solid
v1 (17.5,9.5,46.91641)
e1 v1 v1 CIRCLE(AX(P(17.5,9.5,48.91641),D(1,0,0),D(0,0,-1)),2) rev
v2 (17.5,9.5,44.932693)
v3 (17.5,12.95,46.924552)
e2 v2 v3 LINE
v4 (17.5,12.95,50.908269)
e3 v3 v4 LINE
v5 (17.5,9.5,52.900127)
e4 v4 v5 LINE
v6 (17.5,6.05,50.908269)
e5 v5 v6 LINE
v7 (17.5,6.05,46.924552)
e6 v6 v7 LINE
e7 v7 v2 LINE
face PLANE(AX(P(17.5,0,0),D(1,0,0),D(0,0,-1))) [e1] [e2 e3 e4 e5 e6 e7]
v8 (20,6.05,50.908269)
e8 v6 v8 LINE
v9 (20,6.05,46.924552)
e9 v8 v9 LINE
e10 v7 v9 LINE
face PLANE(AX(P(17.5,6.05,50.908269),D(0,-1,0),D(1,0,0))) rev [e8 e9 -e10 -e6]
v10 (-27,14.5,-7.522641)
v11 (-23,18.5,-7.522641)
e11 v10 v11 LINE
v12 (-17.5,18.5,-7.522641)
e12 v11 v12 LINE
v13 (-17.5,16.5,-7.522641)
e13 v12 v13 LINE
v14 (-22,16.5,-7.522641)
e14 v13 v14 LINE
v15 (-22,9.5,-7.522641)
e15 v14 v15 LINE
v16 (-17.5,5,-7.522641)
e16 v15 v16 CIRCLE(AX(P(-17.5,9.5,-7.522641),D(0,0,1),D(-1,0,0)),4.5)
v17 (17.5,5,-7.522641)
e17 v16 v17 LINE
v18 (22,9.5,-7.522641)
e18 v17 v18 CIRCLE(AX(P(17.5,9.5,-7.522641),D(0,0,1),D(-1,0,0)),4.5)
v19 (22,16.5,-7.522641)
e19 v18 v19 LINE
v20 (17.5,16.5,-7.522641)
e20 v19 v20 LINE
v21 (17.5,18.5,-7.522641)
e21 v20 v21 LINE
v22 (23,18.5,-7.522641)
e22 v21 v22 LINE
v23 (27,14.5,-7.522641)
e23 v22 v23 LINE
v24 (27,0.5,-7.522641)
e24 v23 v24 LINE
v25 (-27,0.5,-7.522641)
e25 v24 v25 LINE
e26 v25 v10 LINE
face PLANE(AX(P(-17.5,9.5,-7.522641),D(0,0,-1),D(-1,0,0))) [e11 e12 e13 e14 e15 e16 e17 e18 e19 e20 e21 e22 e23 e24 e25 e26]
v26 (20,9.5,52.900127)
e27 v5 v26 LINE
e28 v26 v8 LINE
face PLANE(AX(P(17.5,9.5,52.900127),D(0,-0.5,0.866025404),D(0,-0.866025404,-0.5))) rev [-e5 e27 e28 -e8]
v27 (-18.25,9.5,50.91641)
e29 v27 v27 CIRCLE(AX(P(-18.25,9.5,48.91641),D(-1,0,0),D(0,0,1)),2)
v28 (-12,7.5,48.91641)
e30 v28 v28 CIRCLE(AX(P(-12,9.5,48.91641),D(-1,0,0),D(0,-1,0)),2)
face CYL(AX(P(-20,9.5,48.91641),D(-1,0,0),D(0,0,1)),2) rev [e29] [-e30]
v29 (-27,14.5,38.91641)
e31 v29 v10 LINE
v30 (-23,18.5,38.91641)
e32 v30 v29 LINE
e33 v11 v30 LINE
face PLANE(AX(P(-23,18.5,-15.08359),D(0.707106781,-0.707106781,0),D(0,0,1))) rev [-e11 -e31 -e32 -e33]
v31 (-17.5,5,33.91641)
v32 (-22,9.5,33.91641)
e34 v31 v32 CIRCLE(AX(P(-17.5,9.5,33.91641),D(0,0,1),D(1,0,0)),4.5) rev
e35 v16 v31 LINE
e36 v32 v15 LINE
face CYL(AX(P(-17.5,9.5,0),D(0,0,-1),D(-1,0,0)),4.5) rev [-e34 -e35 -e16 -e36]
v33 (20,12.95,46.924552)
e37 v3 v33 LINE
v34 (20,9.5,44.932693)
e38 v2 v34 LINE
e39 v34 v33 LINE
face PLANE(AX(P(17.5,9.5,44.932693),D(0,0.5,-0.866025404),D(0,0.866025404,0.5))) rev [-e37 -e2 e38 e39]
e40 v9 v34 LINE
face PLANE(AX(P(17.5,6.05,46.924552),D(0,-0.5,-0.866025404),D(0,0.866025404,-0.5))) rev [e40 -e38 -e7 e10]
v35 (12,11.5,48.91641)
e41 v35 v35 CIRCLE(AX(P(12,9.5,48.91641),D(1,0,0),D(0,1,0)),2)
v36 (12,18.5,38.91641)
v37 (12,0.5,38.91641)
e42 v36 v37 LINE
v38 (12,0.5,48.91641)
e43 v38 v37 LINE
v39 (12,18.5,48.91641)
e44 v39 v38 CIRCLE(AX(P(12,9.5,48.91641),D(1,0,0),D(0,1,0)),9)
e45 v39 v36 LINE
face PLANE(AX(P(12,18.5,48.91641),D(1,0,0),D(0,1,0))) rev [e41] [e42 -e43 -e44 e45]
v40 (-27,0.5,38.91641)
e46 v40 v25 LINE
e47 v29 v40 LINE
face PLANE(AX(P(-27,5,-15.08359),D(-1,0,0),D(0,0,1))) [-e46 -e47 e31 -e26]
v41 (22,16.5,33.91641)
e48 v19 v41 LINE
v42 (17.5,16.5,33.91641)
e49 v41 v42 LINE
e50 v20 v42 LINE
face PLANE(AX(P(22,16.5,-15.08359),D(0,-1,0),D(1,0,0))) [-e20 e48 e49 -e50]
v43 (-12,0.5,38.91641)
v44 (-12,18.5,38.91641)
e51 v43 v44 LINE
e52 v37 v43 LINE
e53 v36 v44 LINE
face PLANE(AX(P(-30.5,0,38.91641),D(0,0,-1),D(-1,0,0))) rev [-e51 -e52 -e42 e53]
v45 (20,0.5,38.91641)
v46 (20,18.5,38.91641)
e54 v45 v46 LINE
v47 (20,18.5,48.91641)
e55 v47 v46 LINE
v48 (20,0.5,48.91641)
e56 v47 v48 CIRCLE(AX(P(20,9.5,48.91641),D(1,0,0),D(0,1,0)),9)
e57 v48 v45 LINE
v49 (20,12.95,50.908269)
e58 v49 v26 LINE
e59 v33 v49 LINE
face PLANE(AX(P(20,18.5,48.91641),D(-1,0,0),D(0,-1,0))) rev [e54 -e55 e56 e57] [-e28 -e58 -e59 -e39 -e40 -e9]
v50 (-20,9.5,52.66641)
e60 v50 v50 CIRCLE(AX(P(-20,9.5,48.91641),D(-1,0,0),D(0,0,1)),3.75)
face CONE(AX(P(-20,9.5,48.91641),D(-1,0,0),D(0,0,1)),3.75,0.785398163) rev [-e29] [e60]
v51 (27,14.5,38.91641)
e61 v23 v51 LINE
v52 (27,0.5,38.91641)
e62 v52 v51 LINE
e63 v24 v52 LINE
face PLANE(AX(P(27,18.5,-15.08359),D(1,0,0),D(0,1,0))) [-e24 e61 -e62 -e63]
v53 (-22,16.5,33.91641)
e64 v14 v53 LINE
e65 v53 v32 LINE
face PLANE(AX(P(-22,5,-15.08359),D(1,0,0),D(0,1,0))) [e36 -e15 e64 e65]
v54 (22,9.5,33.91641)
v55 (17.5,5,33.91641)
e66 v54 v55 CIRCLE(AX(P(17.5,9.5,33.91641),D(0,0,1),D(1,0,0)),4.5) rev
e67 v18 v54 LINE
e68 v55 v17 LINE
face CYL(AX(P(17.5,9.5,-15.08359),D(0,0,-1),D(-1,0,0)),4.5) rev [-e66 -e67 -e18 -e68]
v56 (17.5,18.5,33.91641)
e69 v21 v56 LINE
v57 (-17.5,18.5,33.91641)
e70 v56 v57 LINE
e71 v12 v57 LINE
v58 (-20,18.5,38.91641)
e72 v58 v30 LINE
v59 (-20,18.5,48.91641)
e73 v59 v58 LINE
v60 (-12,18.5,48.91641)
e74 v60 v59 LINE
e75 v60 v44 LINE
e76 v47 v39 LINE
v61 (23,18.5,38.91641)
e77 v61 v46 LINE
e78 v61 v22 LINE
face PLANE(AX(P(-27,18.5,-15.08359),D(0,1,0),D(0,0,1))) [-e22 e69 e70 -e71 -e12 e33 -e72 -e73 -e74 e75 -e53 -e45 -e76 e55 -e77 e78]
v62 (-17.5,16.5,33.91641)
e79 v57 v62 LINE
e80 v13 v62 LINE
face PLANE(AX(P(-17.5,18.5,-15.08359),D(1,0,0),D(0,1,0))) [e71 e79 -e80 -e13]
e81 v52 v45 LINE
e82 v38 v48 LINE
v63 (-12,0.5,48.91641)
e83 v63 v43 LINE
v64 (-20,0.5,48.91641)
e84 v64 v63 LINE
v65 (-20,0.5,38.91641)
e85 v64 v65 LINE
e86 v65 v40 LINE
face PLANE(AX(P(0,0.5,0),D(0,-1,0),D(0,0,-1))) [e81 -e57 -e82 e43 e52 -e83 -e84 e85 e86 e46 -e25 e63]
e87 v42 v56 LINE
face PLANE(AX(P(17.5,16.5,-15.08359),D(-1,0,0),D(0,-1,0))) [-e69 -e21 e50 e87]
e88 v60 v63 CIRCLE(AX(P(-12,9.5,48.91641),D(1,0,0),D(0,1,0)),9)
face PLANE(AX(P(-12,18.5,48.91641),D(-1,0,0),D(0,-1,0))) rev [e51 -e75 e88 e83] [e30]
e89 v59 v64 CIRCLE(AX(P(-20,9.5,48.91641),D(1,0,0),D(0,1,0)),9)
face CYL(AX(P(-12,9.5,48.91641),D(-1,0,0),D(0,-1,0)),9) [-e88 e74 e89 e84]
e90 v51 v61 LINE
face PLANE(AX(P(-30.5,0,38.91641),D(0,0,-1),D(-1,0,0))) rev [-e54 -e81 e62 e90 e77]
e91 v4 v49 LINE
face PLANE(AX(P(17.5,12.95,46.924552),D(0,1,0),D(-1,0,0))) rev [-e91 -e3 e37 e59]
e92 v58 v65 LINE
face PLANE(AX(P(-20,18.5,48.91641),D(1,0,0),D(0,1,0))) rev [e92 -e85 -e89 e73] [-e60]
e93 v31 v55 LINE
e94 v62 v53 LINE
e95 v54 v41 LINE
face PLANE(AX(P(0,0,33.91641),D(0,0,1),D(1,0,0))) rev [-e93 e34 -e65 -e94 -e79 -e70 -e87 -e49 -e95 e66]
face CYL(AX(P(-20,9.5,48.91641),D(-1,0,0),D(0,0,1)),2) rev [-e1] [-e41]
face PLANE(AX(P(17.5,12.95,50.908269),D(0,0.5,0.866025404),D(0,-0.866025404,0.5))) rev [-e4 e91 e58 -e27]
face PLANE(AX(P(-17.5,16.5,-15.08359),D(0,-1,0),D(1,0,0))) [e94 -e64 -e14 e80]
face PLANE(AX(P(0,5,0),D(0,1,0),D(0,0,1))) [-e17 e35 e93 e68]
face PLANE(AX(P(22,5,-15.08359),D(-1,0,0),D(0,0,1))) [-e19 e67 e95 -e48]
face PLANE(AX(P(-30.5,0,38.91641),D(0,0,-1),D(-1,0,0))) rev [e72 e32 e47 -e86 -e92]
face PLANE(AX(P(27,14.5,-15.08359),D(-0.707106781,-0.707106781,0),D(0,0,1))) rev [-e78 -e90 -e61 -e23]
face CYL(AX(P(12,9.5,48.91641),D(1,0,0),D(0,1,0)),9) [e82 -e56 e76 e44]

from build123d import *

# Parameters (mm, degrees)
SKETCH1_W                     = 56
SKETCH1_H                     = 45
BOSS_EXTRUDE1_DEPTH           = 5
BOSS_EXTRUDE2_DEPTH           = 5
SKETCH3_W                     = 56
SKETCH3_H                     = 8.40027106
CUT_EXTRUDE1_DEPTH            = 0.5
BOSS_EXTRUDE3_DEPTH           = 3.5
SKETCH5_W                     = 5
SKETCH5_H                     = 3.247037966
CUT_EXTRUDE2_DEPTH            = 3.5
BOSS_EXTRUDE4_DEPTH           = 16.416410101
BOSS_EXTRUDE5_DEPTH           = 54
CHAMFER1_SIZE                 = 4
CSK_FOR_M4_SFHCS1_D           = 4
CSK_FOR_M4_SFHCS1_DEPTH       = 5
CSK_FOR_M4_SFHCS1_CSINK_D     = 7.6
CSK_FOR_M4_SFHCS1_CSINK_ANGLE = 90
CUT_EXTRUDE3_DEPTH            = 80.660134165
CUT_EXTRUDE3_DEPTH_BACK       = 80.660134165
SKETCH11_W                    = 8
SKETCH11_H                    = 16.218738619
FILLET1_R                     = 4.5
CUT_EXTRUDE4_START            = 18
CUT_EXTRUDE4_DEPTH            = 18
BOSS_EXTRUDE6_DEPTH           = 18
BOSS_EXTRUDE7_START           = -90
BOSS_EXTRUDE7_DEPTH           = 18
SKETCH16_W                    = 118.653956423
SKETCH16_H                    = 92.574487852
CUT_EXTRUDE5_DEPTH            = 39
SKETCH17_W                    = 131.858911514
SKETCH17_H                    = 83.404733186
CUT_EXTRUDE6_DEPTH            = 86
SKETCH18_W                    = 99.193977615
SKETCH18_H                    = 87.816890576
CUT_EXTRUDE7_DEPTH            = 109
SKETCH19_W                    = 81.935577426
SKETCH19_H                    = 38.938723706
CUT_EXTRUDE8_DEPTH            = 24.977359313
BOSS_EXTRUDE8_START           = 10
BOSS_EXTRUDE8_DEPTH           = 10
BOSS_EXTRUDE9_DEPTH           = 5
SKETCH22_W                    = 8
SKETCH22_H                    = 18
BOSS_EXTRUDE10_DEPTH          = 10
BOSS_EXTRUDE11_START          = -8
BOSS_EXTRUDE11_DEPTH          = 8
BOSS_EXTRUDE12_START          = -40
BOSS_EXTRUDE12_DEPTH          = 8
CSK_FOR_M4_SFHCS2_D           = 4
CSK_FOR_M4_SFHCS2_DEPTH       = 40
CSK_FOR_M4_SFHCS2_CSINK_D     = 7.5
CSK_FOR_M4_SFHCS2_CSINK_ANGLE = 90
CSK_FOR_M4_SFHCS2_TIP         = 1.201721238
CUT_EXTRUDE9_DEPTH            = 2.5


with BuildPart() as part:
    # Sketch1 → Boss-Extrude1 (new body)
    with BuildSketch(Plane(origin=(0, 0, 0), x_dir=(1, 0, 0), z_dir=(0, 1, 0))):
        Rectangle(SKETCH1_W, SKETCH1_H)
    extrude(amount=BOSS_EXTRUDE1_DEPTH)

    # Sketch2 → Boss-Extrude2 (add)
    with BuildSketch(Plane.XZ):
        Polygon((-45, -6.940200144), (-24, 6.697359313), (24, 6.697359313), (45, -6.940200144), (45, 3.059799856), (28, 14.09972894), (-28, 14.09972894), (-45, 3.059799856), align=None)
    extrude(amount=BOSS_EXTRUDE2_DEPTH)

    # Sketch3 → Cut-Extrude1 (cut)
    with BuildSketch(Plane.XZ):
        with Locations((0, 18.29986447)):
            Rectangle(SKETCH3_W, SKETCH3_H)
    extrude(amount=-CUT_EXTRUDE1_DEPTH, mode=Mode.SUBTRACT)

    # Sketch4 → Boss-Extrude3 (add)
    with BuildSketch(Plane(origin=(0, 0, 0), x_dir=(1, 0, 0), z_dir=(0, 1, 0))):
        Polygon((28, -40.539929084), (28, 22.5), (45, 22.5), (45, -29.5), align=None)
        Polygon((-28, -4.09972894), (-28, 22.5), (-45, 22.5), (-45, 6.940200144), align=None)
        Polygon((-28, -40.539929084), (-28, -14.09972894), (-45, -3.059799856), (-45, -29.5), align=None)
        Polygon((-45, -3.059799856), (-28, -14.09972894), (-28, -4.09972894), (-45, 6.940200144), align=None)
    extrude(amount=BOSS_EXTRUDE3_DEPTH)

    # Sketch5 → Cut-Extrude2 (cut)
    with BuildSketch(Plane(origin=(0, 3.5, 0), x_dir=(1, 0, 0), z_dir=(0, 1, 0))):
        with Locations((-28, -40.539929084)):
            Rectangle(SKETCH5_W, SKETCH5_H)
        with Locations((28, -40.539929084)):
            Rectangle(SKETCH5_W, SKETCH5_H)
    extrude(amount=-CUT_EXTRUDE2_DEPTH, mode=Mode.SUBTRACT)

    # Sketch6 → Boss-Extrude4 (add)
    with BuildSketch(Plane.XY.offset(22.5)):
        Polygon((-28, 0.5), (28, 0.5), (28, 3.5), (28, 5), (-28, 5), (-28, 3.5), align=None)
    extrude(amount=BOSS_EXTRUDE4_DEPTH)

    # Sketch8 → Boss-Extrude5 (add)
    with BuildSketch(Plane.XY.offset(38.916410101)):
        Polygon((-22, 5), (-22, 16.5), (-17.5, 16.5), (-17.5, 18.5), (-27, 18.5), (-27, 16.5), (-27, 5), align=None)
        Polygon((27, 5), (27, 16.5), (27, 18.5), (17.5, 18.5), (17.5, 16.5), (22, 16.5), (22, 5), align=None)
    extrude(amount=-BOSS_EXTRUDE5_DEPTH)

    # Chamfer1
    chamfer1_edges = [part.edges().sort_by_distance(p)[0] for p in [
        (-27, 18.5, 11.916410101),
        (27, 18.5, 11.916410101),
    ]]
    chamfer(chamfer1_edges, length=CHAMFER1_SIZE)

    # CSK for M4 SFHCS1
    with Locations(Plane(origin=(0, 5, 0), x_dir=(1, 0, 0), z_dir=(0, 1, 0))):
        with Locations((-17, 1.522640687), (17, 1.522640687)):
            CounterSinkHole(CSK_FOR_M4_SFHCS1_D / 2, CSK_FOR_M4_SFHCS1_CSINK_D / 2, depth=CSK_FOR_M4_SFHCS1_DEPTH, counter_sink_angle=CSK_FOR_M4_SFHCS1_CSINK_ANGLE)

    # Sketch11 → Cut-Extrude3 (cut, two sides: drawn at the far end of the back side and taken through both)
    with BuildSketch(Plane.ZY.offset(-22).offset(-CUT_EXTRUDE3_DEPTH_BACK)):
        with Locations((-1.522640687, 13.109369309)):
            Rectangle(SKETCH11_W, SKETCH11_H)
    extrude(amount=CUT_EXTRUDE3_DEPTH + CUT_EXTRUDE3_DEPTH_BACK, mode=Mode.SUBTRACT)

    # Fillet1
    fillet1_edges = [part.edges().sort_by_distance(p)[0] for p in [
        (-22, 5, -10.303115293),
        (22, 5, -10.303115293),
        (-22, 5, 20.696884707),
        (22, 5, 20.696884707),
    ]]
    fillet(fillet1_edges, radius=FILLET1_R)

    # Sketch14 → Cut-Extrude4 (cut)
    with BuildSketch(Plane(origin=(0, 0, 2.477359313), x_dir=(-1, 0, 0), z_dir=(0, 0, -1)).offset(CUT_EXTRUDE4_START)):
        with BuildLine():
            Line((-27, 5), (-17.5, 5))
            ThreePointArc((-17.5, 5), (-20.681980515, 6.318019485), (-22, 9.5))
            Line((-22, 9.5), (-22, 16.5))
            Line((-22, 16.5), (-17.5, 16.5))
            Line((-17.5, 16.5), (-17.5, 18.5))
            Line((-17.5, 18.5), (-23, 18.5))
            Line((-23, 18.5), (-27, 14.5))
            Line((-27, 14.5), (-27, 5))
        make_face()
        with BuildLine():
            Line((22, 16.5), (22, 9.5))
            ThreePointArc((22, 9.5), (20.681980515, 6.318019485), (17.5, 5))
            Line((17.5, 5), (27, 5))
            Line((27, 5), (27, 14.5))
            Line((27, 14.5), (23, 18.5))
            Line((23, 18.5), (17.5, 18.5))
            Line((17.5, 18.5), (17.5, 16.5))
            Line((17.5, 16.5), (22, 16.5))
        make_face()
    extrude(amount=-CUT_EXTRUDE4_DEPTH, mode=Mode.SUBTRACT)

    # Sketch15 → Boss-Extrude6 (add)
    with BuildSketch(Plane.ZY.offset(45)):
        Polygon((29.5, 3.5), (49.5, 3.5), (60.311407923, -47.363675238), (55.199704948, -47.363675238), (45.132244992, 0), (29.5, 0), align=None)
    extrude(amount=-BOSS_EXTRUDE6_DEPTH)

    # Sketch15<3> → Boss-Extrude7 (add)
    with BuildSketch(Plane.ZY.offset(45).offset(BOSS_EXTRUDE7_START)):
        Polygon((29.5, 3.5), (49.5, 3.5), (60.311407923, -47.363675238), (55.199704948, -47.363675238), (45.132244992, 0), (29.5, 0), align=None)
    extrude(amount=BOSS_EXTRUDE7_DEPTH)

    # Sketch16 → Cut-Extrude5 (cut)
    with BuildSketch(Plane.ZY.offset(27)):
        with Locations((22.108445716, -11.305351621)):
            Rectangle(SKETCH16_W, SKETCH16_H)
    extrude(amount=CUT_EXTRUDE5_DEPTH, mode=Mode.SUBTRACT)

    # Sketch17 → Cut-Extrude6 (cut)
    with BuildSketch(Plane(origin=(27, 0, 0), x_dir=(0, 0, -1), z_dir=(1, 0, 0))):
        with Locations((-19.541168595, -14.670136857)):
            Rectangle(SKETCH17_W, SKETCH17_H)
    extrude(amount=CUT_EXTRUDE6_DEPTH, mode=Mode.SUBTRACT)

    # Sketch18 → Cut-Extrude7 (cut)
    with BuildSketch(Plane.XZ.offset(-0.5)):
        with Locations((2.429482128, 7.437881449)):
            Rectangle(SKETCH18_W, SKETCH18_H)
    extrude(amount=CUT_EXTRUDE7_DEPTH, mode=Mode.SUBTRACT)

    # Sketch19 → Cut-Extrude8 (cut)
    with BuildSketch(Plane(origin=(0, 0, -22.5), x_dir=(-1, 0, 0), z_dir=(0, 0, -1))):
        with Locations((6.570305737, 10.128043931)):
            Rectangle(SKETCH19_W, SKETCH19_H)
    extrude(amount=-CUT_EXTRUDE8_DEPTH, mode=Mode.SUBTRACT)

    # Sketch20 → Boss-Extrude8 (add)
    with BuildSketch(Plane(origin=(0, 0, 2.477359313), x_dir=(-1, 0, 0), z_dir=(0, 0, -1)).offset(BOSS_EXTRUDE8_START)):
        with BuildLine():
            Line((-27, 14.5), (-27, 0.5))
            Line((-27, 0.5), (27, 0.5))
            Line((27, 0.5), (27, 14.5))
            Line((27, 14.5), (23, 18.5))
            Line((23, 18.5), (17.5, 18.5))
            Line((17.5, 18.5), (17.5, 16.5))
            Line((17.5, 16.5), (22, 16.5))
            Line((22, 16.5), (22, 9.5))
            ThreePointArc((22, 9.5), (20.681980515, 6.318019485), (17.5, 5))
            Line((17.5, 5), (-17.5, 5))
            ThreePointArc((-17.5, 5), (-20.681980515, 6.318019485), (-22, 9.5))
            Line((-22, 9.5), (-22, 16.5))
            Line((-22, 16.5), (-17.5, 16.5))
            Line((-17.5, 16.5), (-17.5, 18.5))
            Line((-17.5, 18.5), (-23, 18.5))
            Line((-23, 18.5), (-27, 14.5))
        make_face()
    extrude(amount=-BOSS_EXTRUDE8_DEPTH)

    # Sketch21 → Boss-Extrude9 (add)
    with BuildSketch(Plane.XY.offset(38.916410101)):
        Polygon((17.5, 18.5), (-17.5, 18.5), (-23, 18.5), (-27, 14.5), (-27, 0.5), (27, 0.5), (27, 14.5), (23, 18.5), align=None)
    extrude(amount=-BOSS_EXTRUDE9_DEPTH)

    # Sketch22 → Boss-Extrude10 (add)
    with BuildSketch(Plane.XY.offset(38.916410101)):
        with Locations((-16, 9.5)):
            Rectangle(SKETCH22_W, SKETCH22_H)
        with Locations((16, 9.5)):
            Rectangle(SKETCH22_W, SKETCH22_H)
    extrude(amount=BOSS_EXTRUDE10_DEPTH)

    # Sketch23 → Boss-Extrude11 (add)
    with BuildSketch(Plane(origin=(20, 0, 0), x_dir=(0, 0, -1), z_dir=(1, 0, 0)).offset(BOSS_EXTRUDE11_START)):
        with BuildLine():
            Line((-48.916410101, 18.5), (-48.916410101, 0.5))
            ThreePointArc((-48.916410101, 0.5), (-57.916410101, 9.5), (-48.916410101, 18.5))
        make_face()
    extrude(amount=BOSS_EXTRUDE11_DEPTH)

    # Sketch23<2> → Boss-Extrude12 (add)
    with BuildSketch(Plane(origin=(20, 0, 0), x_dir=(0, 0, -1), z_dir=(1, 0, 0)).offset(BOSS_EXTRUDE12_START)):
        with BuildLine():
            Line((-48.916410101, 18.5), (-48.916410101, 0.5))
            ThreePointArc((-48.916410101, 0.5), (-57.916410101, 9.5), (-48.916410101, 18.5))
        make_face()
    extrude(amount=BOSS_EXTRUDE12_DEPTH)

    # CSK for M4 SFHCS2
    with Locations(Plane.ZY.offset(20)):
        with Locations((48.916410101, 9.5)):
            CounterSinkHole(CSK_FOR_M4_SFHCS2_D / 2, CSK_FOR_M4_SFHCS2_CSINK_D / 2, depth=CSK_FOR_M4_SFHCS2_DEPTH, counter_sink_angle=CSK_FOR_M4_SFHCS2_CSINK_ANGLE)
            with Locations((0, 0, -(CSK_FOR_M4_SFHCS2_DEPTH + CSK_FOR_M4_SFHCS2_TIP / 2))):  # 118° drill point
                Cone(0, CSK_FOR_M4_SFHCS2_D / 2, CSK_FOR_M4_SFHCS2_TIP, mode=Mode.SUBTRACT)

    # Sketch27 → Cut-Extrude9 (cut)
    with BuildSketch(Plane(origin=(20, 0, 0), x_dir=(0, 0, -1), z_dir=(1, 0, 0))):
        Polygon((-44.932693244, 9.5), (-46.924551673, 12.95), (-50.90826853, 12.95), (-52.900126959, 9.5), (-50.90826853, 6.05), (-46.924551673, 6.05), align=None)
    extrude(amount=-CUT_EXTRUDE9_DEPTH, mode=Mode.SUBTRACT)


solid = part.part
